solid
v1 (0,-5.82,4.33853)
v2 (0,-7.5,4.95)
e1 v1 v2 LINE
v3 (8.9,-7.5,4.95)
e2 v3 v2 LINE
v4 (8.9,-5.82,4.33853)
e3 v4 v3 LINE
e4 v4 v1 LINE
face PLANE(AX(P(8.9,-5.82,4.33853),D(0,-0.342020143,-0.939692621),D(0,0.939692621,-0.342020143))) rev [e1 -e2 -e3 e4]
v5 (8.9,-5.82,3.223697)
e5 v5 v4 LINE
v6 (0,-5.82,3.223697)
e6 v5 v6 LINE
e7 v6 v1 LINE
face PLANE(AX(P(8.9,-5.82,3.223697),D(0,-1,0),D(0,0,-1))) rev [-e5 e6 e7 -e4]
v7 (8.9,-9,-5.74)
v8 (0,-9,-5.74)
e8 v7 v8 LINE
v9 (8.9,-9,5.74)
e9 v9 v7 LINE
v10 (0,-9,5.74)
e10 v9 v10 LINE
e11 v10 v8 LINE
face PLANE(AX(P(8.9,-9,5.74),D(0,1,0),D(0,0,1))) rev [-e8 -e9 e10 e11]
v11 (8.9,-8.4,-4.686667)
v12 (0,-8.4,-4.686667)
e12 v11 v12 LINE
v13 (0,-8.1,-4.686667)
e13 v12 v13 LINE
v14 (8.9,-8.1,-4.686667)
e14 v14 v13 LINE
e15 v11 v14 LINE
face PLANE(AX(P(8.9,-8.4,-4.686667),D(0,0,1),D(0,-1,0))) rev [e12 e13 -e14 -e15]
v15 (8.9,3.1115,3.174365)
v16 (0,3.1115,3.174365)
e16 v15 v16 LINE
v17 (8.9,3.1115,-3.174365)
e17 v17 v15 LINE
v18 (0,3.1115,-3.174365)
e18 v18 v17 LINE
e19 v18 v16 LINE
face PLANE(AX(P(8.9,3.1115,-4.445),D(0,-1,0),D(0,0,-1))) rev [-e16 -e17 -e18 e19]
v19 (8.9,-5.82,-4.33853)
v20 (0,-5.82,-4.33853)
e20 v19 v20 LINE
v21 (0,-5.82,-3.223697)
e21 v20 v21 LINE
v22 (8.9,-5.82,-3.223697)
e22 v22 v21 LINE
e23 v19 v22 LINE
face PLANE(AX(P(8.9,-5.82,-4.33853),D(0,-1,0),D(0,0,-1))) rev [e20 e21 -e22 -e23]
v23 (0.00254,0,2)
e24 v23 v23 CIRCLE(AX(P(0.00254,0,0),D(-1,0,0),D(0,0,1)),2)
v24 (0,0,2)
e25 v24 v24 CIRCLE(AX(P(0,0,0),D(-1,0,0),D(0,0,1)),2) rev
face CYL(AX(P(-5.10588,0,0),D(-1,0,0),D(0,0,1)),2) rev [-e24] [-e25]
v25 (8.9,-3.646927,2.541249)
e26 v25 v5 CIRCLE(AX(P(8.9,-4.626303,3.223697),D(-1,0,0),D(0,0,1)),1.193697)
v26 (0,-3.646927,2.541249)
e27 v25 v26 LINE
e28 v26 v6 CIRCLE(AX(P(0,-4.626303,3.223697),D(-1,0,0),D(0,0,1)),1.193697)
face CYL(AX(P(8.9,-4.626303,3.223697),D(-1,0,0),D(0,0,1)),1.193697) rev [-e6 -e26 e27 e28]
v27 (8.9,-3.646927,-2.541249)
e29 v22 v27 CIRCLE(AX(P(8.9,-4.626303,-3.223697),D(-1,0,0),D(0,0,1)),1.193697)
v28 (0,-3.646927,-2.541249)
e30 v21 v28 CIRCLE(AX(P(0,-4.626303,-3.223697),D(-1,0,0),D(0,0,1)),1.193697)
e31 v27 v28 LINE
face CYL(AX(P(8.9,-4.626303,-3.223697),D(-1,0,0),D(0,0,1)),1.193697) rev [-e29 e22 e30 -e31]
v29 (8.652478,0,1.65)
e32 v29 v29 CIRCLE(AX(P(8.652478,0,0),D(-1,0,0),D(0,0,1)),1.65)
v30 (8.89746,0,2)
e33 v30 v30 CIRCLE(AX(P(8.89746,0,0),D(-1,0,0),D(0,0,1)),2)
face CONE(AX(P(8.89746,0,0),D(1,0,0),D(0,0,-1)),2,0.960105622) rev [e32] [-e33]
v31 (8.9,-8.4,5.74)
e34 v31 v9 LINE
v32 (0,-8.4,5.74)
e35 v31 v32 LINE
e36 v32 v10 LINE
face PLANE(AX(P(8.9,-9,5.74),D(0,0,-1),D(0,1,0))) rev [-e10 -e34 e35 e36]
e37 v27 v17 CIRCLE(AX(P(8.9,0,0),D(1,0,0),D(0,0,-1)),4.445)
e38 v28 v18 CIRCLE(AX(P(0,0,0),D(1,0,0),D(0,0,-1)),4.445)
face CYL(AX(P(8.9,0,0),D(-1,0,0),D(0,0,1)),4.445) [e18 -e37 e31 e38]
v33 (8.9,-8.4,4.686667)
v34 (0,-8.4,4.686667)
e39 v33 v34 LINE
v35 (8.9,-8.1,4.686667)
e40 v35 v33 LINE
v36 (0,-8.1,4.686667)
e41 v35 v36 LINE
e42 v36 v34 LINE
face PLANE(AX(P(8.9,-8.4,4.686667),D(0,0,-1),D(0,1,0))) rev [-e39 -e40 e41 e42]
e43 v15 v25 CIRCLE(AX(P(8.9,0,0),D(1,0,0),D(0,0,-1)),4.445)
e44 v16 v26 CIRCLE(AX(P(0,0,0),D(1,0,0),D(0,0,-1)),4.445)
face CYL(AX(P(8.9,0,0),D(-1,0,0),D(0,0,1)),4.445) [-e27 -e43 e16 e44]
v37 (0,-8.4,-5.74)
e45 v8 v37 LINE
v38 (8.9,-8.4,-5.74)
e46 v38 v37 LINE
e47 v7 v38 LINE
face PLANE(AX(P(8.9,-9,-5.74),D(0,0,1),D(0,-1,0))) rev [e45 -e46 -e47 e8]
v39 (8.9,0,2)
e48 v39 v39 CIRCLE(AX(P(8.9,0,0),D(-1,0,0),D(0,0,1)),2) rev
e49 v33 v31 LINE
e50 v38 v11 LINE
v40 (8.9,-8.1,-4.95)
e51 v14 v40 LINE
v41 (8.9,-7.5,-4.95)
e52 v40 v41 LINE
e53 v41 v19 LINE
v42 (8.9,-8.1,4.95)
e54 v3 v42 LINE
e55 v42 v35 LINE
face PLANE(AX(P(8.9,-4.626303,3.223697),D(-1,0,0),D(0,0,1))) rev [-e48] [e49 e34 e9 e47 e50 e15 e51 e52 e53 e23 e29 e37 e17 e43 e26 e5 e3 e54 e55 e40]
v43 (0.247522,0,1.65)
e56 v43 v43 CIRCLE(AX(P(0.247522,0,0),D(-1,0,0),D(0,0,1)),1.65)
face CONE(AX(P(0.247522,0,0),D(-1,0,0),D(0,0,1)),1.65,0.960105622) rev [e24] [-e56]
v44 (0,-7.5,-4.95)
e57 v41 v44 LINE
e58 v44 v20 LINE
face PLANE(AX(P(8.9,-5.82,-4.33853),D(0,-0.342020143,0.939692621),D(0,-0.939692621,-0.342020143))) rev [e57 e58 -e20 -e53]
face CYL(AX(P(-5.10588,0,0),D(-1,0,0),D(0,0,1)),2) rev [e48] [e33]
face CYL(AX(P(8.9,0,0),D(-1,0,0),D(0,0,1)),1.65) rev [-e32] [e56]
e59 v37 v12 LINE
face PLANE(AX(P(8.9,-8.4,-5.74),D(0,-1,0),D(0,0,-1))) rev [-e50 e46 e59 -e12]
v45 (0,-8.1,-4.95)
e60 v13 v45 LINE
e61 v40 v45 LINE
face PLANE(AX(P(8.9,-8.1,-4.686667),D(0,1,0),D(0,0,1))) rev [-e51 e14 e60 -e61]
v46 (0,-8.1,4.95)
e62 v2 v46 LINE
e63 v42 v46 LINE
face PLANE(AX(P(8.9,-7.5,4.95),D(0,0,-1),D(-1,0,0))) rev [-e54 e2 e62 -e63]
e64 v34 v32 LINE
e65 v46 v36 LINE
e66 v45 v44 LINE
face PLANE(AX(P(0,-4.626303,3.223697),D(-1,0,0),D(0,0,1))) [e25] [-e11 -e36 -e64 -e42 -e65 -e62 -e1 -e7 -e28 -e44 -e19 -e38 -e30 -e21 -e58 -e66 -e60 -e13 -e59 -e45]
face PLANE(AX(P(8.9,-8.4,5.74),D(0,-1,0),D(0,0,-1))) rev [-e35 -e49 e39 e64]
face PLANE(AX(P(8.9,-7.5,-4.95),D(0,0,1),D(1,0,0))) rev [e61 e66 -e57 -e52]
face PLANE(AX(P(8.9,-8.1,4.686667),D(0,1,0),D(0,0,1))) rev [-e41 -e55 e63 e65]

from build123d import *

# Parameters (mm, degrees)
BODYSKE_R    = 1.65
BODY_DEPTH   = 8.9
TOPCUTSKE_W  = 8.89
TOPCUTSKE_H  = 8.89
TOPCUT_DEPTH = 8.9


with BuildPart() as part:
    # BodySke → Body (new body)
    with BuildSketch(Plane(origin=(0, 0, 0), x_dir=(0, 0, -1), z_dir=(1, 0, 0))):
        with BuildLine():
            Line((-5.74, -9), (5.74, -9))
            Line((5.74, -9), (5.74, -8.4))
            Line((5.74, -8.4), (4.686666667, -8.4))
            Line((4.686666667, -8.4), (4.686666667, -8.1))
            Line((4.686666667, -8.1), (4.95, -8.1))
            Line((4.95, -8.1), (4.95, -7.5))
            Line((4.95, -7.5), (4.338530006, -5.82))
            Line((4.338530006, -5.82), (3.223696854, -5.82))
            ThreePointArc((3.223696854, -5.82), (2.08483996, -4.983958225), (2.54124896, -3.646927299))
            ThreePointArc((2.54124896, -3.646927299), (0, 4.445), (-2.54124896, -3.646927299))
            ThreePointArc((-2.54124896, -3.646927299), (-2.08483996, -4.983958225), (-3.223696854, -5.82))
            Line((-3.223696854, -5.82), (-4.338530006, -5.82))
            Line((-4.338530006, -5.82), (-4.95, -7.5))
            Line((-4.95, -7.5), (-4.95, -8.1))
            Line((-4.95, -8.1), (-4.686666667, -8.1))
            Line((-4.686666667, -8.1), (-4.686666667, -8.4))
            Line((-4.686666667, -8.4), (-5.74, -8.4))
            Line((-5.74, -8.4), (-5.74, -9))
        make_face()
        Circle(BODYSKE_R, mode=Mode.SUBTRACT)
    extrude(amount=BODY_DEPTH)

    # EndChamferSke → EndChamfer (revolve, cut)
    with BuildSketch(Plane.XY, mode=Mode.PRIVATE) as endchamfer_sk:
        Polygon((-0.254, 2), (0.00254, 2), (0.247521613, 1.65), (-0.254, 1.65), align=None)
        Polygon((9.154, 2), (8.89746, 2), (8.652478387, 1.65), (9.154, 1.65), align=None)
    revolve(endchamfer_sk.sketch.rotate(Axis((-5.105879624, 0, 0), (1, 0, 0)), 90), axis=Axis((-5.105879624, 0, 0), (1, 0, 0)), mode=Mode.SUBTRACT)

    # TopCutSke → TopCut (cut)
    with BuildSketch(Plane.ZY):
        with Locations((0, 7.5565)):
            Rectangle(TOPCUTSKE_W, TOPCUTSKE_H)
    extrude(amount=-TOPCUT_DEPTH, mode=Mode.SUBTRACT)


solid = part.part
